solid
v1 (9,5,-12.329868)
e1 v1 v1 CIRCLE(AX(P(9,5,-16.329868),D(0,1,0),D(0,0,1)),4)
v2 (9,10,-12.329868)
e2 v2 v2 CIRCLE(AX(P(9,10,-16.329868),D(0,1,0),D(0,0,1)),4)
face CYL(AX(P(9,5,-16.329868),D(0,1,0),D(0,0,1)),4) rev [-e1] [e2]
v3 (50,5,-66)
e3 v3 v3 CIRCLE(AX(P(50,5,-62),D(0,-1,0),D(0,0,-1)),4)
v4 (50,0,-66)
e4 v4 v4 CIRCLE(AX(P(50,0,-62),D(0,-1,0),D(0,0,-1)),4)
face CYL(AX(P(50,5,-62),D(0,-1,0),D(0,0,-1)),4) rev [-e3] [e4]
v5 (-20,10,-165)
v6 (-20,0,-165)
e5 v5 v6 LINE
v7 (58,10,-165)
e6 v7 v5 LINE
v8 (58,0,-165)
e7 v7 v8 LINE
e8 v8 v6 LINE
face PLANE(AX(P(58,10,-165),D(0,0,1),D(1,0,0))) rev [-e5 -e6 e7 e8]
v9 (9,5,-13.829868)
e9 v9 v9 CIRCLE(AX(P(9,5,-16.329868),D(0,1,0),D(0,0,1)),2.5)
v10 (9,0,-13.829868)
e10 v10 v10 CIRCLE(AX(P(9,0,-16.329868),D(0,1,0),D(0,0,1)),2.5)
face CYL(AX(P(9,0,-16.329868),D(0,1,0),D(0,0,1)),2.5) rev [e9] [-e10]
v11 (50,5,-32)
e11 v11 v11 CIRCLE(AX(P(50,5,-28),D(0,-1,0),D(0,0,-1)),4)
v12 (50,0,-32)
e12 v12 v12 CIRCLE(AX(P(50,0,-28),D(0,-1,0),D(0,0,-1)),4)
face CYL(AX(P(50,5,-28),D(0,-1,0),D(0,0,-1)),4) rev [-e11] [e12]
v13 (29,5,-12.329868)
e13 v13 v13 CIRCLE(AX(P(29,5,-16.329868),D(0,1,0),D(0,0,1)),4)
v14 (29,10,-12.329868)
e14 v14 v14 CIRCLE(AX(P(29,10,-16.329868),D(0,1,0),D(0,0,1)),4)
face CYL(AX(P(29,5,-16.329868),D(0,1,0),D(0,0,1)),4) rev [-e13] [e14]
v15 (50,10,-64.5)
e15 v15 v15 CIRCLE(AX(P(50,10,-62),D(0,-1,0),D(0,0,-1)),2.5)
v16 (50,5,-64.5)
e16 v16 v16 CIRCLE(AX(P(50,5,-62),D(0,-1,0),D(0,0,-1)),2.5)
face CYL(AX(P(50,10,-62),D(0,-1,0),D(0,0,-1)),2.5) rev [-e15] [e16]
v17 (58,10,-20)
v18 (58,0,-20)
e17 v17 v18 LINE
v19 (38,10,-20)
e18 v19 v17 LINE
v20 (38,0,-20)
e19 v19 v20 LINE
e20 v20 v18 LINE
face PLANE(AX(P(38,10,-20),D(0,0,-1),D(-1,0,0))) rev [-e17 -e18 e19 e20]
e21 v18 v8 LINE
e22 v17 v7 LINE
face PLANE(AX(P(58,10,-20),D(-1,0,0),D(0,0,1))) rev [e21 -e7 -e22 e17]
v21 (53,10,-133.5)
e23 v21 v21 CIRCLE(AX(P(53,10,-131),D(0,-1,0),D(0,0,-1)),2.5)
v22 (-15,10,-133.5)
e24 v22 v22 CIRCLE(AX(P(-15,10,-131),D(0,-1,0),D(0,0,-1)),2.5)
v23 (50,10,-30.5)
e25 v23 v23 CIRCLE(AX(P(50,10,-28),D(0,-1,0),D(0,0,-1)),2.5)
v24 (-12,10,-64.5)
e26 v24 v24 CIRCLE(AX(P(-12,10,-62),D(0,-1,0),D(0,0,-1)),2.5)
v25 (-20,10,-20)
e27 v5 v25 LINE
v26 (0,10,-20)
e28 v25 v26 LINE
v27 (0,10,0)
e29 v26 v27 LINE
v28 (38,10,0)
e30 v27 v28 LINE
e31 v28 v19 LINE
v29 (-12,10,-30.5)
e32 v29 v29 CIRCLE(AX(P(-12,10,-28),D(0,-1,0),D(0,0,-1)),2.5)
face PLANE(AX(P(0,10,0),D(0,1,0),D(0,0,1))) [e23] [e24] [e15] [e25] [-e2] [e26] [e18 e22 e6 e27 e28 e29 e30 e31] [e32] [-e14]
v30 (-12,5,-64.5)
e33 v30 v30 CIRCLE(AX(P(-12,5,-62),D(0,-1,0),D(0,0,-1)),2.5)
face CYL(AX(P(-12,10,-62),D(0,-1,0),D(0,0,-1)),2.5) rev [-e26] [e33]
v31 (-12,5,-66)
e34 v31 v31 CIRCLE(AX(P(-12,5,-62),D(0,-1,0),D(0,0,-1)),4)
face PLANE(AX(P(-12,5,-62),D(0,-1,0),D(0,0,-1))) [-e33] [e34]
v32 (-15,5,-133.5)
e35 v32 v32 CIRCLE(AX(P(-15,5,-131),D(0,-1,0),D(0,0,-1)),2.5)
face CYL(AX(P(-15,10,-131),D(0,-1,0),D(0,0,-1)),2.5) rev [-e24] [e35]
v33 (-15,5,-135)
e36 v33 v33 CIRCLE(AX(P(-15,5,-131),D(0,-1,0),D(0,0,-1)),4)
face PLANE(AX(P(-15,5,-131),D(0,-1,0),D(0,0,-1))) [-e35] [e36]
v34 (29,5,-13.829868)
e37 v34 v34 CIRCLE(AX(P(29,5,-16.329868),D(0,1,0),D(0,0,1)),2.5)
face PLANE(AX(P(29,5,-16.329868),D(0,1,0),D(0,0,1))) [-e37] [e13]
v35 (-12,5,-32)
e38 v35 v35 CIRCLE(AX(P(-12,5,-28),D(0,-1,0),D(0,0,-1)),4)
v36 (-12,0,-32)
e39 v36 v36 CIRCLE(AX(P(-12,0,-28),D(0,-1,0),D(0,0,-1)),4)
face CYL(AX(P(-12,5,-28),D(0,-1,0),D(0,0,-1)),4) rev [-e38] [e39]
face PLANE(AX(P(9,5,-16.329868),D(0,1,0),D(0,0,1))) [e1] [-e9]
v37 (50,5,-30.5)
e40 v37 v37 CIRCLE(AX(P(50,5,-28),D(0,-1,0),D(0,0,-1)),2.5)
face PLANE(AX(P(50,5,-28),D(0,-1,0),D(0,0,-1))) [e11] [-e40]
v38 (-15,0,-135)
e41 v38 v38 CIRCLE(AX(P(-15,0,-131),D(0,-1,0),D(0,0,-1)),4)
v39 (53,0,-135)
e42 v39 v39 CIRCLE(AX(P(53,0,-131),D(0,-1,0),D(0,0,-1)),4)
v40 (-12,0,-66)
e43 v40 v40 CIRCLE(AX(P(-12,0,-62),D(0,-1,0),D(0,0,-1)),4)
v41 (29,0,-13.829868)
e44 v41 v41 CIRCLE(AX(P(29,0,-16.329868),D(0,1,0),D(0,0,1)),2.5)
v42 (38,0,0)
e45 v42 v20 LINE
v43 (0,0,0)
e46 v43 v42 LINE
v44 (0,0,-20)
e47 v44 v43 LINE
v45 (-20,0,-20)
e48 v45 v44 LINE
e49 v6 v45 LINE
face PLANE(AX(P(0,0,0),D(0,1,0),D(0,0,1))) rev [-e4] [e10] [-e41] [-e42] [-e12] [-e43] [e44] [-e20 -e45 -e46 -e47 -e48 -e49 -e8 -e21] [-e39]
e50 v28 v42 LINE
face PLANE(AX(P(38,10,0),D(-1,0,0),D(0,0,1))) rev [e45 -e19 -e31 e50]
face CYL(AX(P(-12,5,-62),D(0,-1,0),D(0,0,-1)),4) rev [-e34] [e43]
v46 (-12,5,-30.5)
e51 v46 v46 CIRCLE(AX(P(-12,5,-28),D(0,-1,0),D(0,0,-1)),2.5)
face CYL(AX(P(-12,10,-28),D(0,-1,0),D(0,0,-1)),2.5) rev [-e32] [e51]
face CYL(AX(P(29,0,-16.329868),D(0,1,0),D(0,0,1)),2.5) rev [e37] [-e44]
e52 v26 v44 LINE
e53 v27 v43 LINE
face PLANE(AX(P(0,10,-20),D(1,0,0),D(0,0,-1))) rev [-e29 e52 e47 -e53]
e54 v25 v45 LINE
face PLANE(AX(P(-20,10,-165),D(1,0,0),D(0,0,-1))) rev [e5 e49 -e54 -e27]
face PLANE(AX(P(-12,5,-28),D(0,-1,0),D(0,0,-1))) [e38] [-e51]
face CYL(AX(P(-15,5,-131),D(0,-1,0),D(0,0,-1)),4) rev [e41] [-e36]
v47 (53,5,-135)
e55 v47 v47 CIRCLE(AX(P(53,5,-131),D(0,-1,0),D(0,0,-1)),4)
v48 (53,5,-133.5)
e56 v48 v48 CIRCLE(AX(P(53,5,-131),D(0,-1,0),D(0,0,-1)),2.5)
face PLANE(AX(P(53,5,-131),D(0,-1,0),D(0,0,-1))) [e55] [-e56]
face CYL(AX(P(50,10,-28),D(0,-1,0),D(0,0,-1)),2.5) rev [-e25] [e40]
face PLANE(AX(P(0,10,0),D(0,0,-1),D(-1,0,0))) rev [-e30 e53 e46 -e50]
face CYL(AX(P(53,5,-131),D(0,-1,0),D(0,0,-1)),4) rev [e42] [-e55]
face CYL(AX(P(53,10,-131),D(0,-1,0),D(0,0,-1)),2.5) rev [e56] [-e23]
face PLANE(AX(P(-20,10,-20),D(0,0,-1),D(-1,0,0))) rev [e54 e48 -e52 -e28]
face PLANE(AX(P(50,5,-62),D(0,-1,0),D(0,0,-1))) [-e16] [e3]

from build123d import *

# Parameters (mm, degrees)
BOSS_EXTRUDE1_DEPTH = 10
SKETCH2_R           = 4
CUT_EXTRUDE1_DEPTH  = 5
SKETCH3_R           = 2.5
CUT_EXTRUDE2_DEPTH  = 6
SKETCH5_R           = 4
CUT_EXTRUDE3_DEPTH  = 5
SKETCH6_R           = 2.5
CUT_EXTRUDE4_DEPTH  = 5


with BuildPart() as part:
    # Sketch1 → Boss-Extrude1 (new body)
    with BuildSketch(Plane(origin=(0, 0, 0), x_dir=(1, 0, 0), z_dir=(0, 1, 0))):
        Polygon((0, 0), (38, 0), (38, 20), (58, 20), (58, 165), (-20, 165), (-20, 20), (0, 20), align=None)
    extrude(amount=BOSS_EXTRUDE1_DEPTH)

    # Sketch2 → Cut-Extrude1 (cut)
    with BuildSketch(Plane(origin=(0, 10, 0), x_dir=(1, 0, 0), z_dir=(0, 1, 0))):
        with Locations((9, 16.329867595)):
            Circle(SKETCH2_R)
        with Locations((29, 16.329867595)):
            Circle(SKETCH2_R)
    extrude(amount=-CUT_EXTRUDE1_DEPTH, mode=Mode.SUBTRACT)

    # Sketch3 → Cut-Extrude2 (cut, through all)
    with BuildSketch(Plane(origin=(0, 5, 0), x_dir=(1, 0, 0), z_dir=(0, 1, 0))):
        with Locations((9, 16.329867595)):
            Circle(SKETCH3_R)
        with Locations((29, 16.329867595)):
            Circle(SKETCH3_R)
    extrude(amount=-CUT_EXTRUDE2_DEPTH, mode=Mode.SUBTRACT)

    # Sketch5 → Cut-Extrude3 (cut)
    with BuildSketch(Plane.XZ):
        with Locations((-15, -131)):
            Circle(SKETCH5_R)
        with Locations((53, -131)):
            Circle(SKETCH5_R)
        with Locations((-12, -28)):
            Circle(SKETCH5_R)
        with Locations((50, -28)):
            Circle(SKETCH5_R)
        with Locations((-12, -62)):
            Circle(SKETCH5_R)
        with Locations((50, -62)):
            Circle(SKETCH5_R)
    extrude(amount=-CUT_EXTRUDE3_DEPTH, mode=Mode.SUBTRACT)

    # Sketch6 → Cut-Extrude4 (cut)
    with BuildSketch(Plane.XZ.offset(-5)):
        with Locations((-15, -131)):
            Circle(SKETCH6_R)
        with Locations((53, -131)):
            Circle(SKETCH6_R)
        with Locations((-12, -28)):
            Circle(SKETCH6_R)
        with Locations((50, -28)):
            Circle(SKETCH6_R)
        with Locations((-12, -62)):
            Circle(SKETCH6_R)
        with Locations((50, -62)):
            Circle(SKETCH6_R)
    extrude(amount=-CUT_EXTRUDE4_DEPTH, mode=Mode.SUBTRACT)


solid = part.part
